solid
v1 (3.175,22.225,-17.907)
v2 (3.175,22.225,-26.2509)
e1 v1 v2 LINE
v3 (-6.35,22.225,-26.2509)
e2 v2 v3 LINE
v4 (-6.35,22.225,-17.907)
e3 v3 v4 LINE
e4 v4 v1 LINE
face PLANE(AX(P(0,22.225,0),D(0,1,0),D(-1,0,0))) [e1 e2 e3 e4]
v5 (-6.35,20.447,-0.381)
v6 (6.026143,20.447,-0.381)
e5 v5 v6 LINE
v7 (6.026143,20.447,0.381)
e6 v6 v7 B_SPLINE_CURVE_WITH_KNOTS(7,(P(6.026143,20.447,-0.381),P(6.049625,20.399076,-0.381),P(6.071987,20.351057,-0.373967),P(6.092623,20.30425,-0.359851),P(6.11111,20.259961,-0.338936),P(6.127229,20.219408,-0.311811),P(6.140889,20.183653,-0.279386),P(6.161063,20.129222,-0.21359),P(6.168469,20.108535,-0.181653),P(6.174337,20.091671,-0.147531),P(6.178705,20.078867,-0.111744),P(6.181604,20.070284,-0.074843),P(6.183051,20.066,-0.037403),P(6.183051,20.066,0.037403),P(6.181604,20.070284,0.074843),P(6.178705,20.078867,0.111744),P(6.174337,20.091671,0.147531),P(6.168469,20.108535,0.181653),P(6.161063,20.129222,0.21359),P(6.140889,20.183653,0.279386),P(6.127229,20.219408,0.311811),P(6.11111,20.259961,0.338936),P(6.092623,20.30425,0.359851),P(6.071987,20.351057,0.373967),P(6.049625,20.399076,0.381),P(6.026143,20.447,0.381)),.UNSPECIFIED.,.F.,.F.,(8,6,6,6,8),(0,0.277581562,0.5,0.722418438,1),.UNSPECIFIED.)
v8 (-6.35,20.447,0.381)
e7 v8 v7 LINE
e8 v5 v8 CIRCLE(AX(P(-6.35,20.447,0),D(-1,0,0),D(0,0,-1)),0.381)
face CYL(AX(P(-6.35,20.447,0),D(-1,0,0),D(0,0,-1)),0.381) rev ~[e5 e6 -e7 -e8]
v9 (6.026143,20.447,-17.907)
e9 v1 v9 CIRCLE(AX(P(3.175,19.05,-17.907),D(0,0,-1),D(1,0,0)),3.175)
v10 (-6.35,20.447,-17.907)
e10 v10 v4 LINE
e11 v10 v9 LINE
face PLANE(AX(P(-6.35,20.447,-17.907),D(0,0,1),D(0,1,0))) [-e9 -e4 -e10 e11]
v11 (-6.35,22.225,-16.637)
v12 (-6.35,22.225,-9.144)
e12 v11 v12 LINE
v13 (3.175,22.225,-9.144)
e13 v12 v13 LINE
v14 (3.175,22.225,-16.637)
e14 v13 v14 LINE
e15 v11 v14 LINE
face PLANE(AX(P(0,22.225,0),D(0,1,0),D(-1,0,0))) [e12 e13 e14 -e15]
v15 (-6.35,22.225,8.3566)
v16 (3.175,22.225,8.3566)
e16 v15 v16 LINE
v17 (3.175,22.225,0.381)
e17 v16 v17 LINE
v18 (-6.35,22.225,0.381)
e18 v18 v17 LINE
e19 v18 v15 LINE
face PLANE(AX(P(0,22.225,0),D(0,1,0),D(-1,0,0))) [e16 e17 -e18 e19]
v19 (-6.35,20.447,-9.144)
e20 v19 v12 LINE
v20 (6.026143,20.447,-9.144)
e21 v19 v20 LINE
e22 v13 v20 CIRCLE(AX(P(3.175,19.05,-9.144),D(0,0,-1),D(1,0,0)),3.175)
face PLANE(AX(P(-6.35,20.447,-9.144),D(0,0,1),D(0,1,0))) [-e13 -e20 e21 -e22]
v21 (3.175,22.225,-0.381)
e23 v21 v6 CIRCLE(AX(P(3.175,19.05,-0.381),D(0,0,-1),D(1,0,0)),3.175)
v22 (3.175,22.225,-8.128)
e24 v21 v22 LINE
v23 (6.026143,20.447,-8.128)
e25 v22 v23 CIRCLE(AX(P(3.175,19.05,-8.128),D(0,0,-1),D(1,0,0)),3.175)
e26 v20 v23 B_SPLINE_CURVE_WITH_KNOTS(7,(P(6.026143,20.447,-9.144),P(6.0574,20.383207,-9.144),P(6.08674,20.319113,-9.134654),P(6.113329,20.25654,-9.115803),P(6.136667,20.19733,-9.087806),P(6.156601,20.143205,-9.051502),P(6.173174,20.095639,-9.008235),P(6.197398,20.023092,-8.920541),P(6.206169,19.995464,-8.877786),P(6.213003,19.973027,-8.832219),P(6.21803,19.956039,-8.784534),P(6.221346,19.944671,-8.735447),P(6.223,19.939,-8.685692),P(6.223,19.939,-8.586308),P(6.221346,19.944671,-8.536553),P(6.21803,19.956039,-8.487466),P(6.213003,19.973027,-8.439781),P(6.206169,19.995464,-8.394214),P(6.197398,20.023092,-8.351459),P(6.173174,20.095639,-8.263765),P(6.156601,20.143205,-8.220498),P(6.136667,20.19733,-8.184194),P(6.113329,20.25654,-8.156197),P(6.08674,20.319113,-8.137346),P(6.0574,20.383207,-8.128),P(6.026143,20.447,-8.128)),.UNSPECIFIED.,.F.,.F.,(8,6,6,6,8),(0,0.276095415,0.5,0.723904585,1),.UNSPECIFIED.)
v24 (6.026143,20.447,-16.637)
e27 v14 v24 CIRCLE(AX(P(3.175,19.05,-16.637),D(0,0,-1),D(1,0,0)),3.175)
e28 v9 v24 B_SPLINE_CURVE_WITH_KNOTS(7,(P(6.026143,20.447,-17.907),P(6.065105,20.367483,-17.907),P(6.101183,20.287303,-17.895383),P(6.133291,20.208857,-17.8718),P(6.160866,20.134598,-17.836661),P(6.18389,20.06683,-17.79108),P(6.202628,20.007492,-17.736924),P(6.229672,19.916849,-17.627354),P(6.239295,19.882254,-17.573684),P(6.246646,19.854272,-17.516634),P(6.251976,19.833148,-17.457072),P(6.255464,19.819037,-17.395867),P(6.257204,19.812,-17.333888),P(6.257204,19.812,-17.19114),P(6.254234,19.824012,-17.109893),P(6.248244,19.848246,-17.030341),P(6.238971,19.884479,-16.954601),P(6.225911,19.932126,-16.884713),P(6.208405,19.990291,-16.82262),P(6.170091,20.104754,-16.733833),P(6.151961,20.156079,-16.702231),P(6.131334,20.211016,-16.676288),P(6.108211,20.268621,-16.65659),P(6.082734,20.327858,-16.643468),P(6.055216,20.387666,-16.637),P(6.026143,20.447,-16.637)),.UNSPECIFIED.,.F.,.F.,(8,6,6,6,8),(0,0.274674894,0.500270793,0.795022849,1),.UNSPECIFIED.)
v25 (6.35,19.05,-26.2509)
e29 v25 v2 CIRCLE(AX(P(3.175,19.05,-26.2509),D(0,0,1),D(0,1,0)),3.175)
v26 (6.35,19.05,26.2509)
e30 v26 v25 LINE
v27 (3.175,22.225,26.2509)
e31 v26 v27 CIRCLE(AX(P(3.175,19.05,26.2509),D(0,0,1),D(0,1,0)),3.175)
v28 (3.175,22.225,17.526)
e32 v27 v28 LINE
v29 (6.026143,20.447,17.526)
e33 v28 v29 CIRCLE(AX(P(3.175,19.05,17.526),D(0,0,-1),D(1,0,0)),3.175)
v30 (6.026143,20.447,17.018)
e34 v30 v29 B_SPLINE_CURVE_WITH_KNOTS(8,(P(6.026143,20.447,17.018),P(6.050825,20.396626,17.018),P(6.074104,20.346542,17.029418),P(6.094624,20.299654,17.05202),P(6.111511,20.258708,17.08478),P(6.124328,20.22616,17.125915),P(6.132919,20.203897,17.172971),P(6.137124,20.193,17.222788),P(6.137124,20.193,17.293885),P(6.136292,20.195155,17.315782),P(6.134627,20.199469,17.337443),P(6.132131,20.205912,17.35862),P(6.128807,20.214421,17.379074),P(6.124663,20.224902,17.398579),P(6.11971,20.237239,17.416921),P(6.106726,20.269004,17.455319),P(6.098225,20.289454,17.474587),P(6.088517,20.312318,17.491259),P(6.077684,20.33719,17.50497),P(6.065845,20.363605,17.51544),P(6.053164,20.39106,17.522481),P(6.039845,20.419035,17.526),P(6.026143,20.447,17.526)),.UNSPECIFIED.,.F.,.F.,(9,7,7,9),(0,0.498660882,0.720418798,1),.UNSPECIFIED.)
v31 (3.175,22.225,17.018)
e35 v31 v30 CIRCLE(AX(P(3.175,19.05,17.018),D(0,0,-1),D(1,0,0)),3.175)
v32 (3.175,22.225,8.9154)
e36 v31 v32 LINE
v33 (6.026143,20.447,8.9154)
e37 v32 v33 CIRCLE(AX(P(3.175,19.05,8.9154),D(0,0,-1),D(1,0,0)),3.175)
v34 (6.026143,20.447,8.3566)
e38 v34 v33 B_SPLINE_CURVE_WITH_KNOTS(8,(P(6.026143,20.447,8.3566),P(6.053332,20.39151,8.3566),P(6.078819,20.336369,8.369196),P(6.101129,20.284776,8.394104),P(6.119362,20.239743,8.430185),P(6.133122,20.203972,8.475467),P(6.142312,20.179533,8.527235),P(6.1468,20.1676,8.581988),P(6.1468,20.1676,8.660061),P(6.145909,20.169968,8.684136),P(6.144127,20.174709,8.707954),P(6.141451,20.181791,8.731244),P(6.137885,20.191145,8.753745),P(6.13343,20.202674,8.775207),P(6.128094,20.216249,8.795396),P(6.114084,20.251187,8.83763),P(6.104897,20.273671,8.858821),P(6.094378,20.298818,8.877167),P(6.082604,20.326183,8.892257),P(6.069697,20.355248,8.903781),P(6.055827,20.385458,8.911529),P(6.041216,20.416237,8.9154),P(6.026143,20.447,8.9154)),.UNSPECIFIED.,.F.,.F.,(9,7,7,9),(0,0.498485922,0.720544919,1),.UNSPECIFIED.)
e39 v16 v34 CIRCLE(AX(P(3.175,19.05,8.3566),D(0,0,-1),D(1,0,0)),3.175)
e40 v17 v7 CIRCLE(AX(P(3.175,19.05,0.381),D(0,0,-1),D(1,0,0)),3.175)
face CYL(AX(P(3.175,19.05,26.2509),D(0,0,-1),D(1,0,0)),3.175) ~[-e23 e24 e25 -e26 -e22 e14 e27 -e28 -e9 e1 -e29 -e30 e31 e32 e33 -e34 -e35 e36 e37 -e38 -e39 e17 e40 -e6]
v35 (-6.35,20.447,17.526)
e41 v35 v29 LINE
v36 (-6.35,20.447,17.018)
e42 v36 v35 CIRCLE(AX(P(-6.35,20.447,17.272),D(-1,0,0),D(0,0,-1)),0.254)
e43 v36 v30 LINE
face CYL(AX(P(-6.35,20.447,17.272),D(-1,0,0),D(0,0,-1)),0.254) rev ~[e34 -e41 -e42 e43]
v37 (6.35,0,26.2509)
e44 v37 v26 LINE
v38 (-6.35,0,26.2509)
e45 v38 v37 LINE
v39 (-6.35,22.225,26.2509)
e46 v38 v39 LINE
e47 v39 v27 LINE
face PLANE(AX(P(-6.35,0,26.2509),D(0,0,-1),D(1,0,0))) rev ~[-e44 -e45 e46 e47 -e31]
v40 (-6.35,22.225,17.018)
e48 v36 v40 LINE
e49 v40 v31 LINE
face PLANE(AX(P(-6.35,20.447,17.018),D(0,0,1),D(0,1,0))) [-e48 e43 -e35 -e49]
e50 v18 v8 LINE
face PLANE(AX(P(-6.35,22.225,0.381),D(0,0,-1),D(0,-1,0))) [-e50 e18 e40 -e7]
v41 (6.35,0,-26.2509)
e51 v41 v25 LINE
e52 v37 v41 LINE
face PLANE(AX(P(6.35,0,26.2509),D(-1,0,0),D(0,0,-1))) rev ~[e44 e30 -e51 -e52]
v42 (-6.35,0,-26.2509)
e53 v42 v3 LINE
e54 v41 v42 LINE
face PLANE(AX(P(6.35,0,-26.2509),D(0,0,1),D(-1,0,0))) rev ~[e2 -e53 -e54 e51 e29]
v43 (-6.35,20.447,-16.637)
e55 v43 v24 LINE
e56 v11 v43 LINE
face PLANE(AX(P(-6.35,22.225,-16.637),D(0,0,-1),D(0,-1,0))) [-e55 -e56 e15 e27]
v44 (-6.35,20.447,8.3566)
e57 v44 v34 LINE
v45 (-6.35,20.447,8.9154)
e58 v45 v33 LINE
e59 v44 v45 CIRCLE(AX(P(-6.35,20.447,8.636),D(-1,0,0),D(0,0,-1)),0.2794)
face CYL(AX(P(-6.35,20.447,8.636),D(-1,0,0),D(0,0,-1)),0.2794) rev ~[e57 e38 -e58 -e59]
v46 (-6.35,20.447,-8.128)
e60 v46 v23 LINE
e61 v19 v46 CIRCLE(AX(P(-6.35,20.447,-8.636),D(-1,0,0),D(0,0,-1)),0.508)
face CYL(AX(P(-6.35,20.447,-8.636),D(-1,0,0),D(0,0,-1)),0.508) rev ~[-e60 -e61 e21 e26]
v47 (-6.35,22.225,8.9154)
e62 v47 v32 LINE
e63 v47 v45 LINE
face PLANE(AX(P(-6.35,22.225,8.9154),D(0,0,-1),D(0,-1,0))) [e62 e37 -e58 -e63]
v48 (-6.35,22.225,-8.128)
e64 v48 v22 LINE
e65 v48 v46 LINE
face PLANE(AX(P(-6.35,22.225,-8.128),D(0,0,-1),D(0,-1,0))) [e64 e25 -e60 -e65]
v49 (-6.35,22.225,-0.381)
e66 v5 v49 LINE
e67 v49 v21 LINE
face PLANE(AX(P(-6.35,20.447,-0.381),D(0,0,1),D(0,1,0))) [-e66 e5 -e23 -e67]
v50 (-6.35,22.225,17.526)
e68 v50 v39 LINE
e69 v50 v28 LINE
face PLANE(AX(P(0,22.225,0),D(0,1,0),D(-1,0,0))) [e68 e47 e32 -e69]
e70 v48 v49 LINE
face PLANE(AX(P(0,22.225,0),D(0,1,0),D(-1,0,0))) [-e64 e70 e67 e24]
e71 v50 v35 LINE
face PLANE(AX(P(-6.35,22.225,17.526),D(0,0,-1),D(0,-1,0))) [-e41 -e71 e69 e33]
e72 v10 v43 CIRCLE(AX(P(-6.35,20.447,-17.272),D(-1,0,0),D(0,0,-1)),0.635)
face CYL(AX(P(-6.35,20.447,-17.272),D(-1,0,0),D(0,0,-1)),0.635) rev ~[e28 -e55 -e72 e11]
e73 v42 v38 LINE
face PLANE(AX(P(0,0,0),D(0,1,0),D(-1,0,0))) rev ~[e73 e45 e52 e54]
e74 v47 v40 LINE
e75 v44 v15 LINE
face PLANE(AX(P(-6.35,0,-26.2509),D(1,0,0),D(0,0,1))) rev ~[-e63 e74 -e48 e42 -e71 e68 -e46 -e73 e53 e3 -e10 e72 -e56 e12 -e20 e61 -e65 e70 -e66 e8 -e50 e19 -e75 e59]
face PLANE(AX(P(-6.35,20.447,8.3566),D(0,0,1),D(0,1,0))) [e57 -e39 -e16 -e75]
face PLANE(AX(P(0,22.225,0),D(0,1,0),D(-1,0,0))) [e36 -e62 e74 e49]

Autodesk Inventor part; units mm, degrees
ref_plane "YZ Plane" through (0, 0, 0) normal (1, 0, 0) x (0, 1, 0)
ref_plane "XZ Plane" through (0, 0, 0) normal (0, 1, 0) x (-1, 0, 0)
ref_plane "XY Plane" through (0, 0, 0) normal (0, 0, 1) x (1, 0, 0)
sketch "Sketch1" plane through (0, 0, 0) normal (0, 1, 0) x (-1, 0, 0)
  line L0 (6.35, 26.2509) -> (-6.35, 26.2509)
  line L1 (-6.35, 26.2509) -> (-6.35, -26.2509)
  line L2 (-6.35, -26.2509) -> (6.35, -26.2509)
  line L3 (6.35, -26.2509) -> (6.35, 26.2509)
  point P0 (0, 0)
  dimension "d0" = 6.35
  dimension "d1" = 12.7
  dimension "d2" = 52.5018
  dimension "d3" = 26.2509
extrude "Extrusion1" add sketch "Sketch1" along normal blind 22.225
fillet "Fillet1" radius 3.175 1 edges at (6.35, 22.225, 0)
sketch "Sketch2" plane through (-6.35, 0, -26.2509) normal (-1, 0, 0) x (0, 0, 1)
  line L0 (52.5018, 19.05) -> (0, 19.05) projected
  line L1 (0, 0) -> (0, 22.225) projected
  line L2 (52.5018, 0) -> (52.5018, 22.225) projected
  line L3 (8.3439, 22.225) -> (9.6139, 22.225)
  line L4 (9.6139, 22.225) -> (9.6139, 20.447)
  line L5 (9.6139, 20.447) -> (8.3439, 20.447)
  line L6 (8.3439, 20.447) -> (8.3439, 22.225)
  line L7 (17.1069, 22.225) -> (18.1229, 22.225)
  line L8 (18.1229, 22.225) -> (18.1229, 20.447)
  line L9 (18.1229, 20.447) -> (17.1069, 20.447)
  line L10 (17.1069, 20.447) -> (17.1069, 22.225)
  line L11 (25.8699, 22.225) -> (26.6319, 22.225)
  line L12 (26.6319, 22.225) -> (26.6319, 20.447)
  line L13 (26.6319, 20.447) -> (25.8699, 20.447)
  line L14 (25.8699, 20.447) -> (25.8699, 22.225)
  line L15 (34.6075, 22.225) -> (35.1663, 22.225)
  line L16 (35.1663, 22.225) -> (35.1663, 20.447)
  line L17 (35.1663, 20.447) -> (34.6075, 20.447)
  line L18 (34.6075, 20.447) -> (34.6075, 22.225)
  line L19 (43.2689, 22.225) -> (43.7769, 22.225)
  line L20 (43.7769, 22.225) -> (43.7769, 20.447)
  line L21 (43.7769, 20.447) -> (43.2689, 20.447)
  line L22 (43.2689, 20.447) -> (43.2689, 22.225)
  line L23 (8.9789, 20.447) -> (17.6149, 20.447) construction
  line L24 (17.6149, 20.447) -> (26.2509, 20.447) construction
  line L25 (26.2509, 20.447) -> (34.8869, 20.447) construction
  line L26 (34.8869, 20.447) -> (43.5229, 20.447) construction
  arc A0 (8.3439, 20.447) -> (9.6139, 20.447) centre (8.9789, 20.447) ccw
  arc A1 (17.1069, 20.447) -> (18.1229, 20.447) centre (17.6149, 20.447) ccw
  arc A2 (25.8699, 20.447) -> (26.6319, 20.447) centre (26.2509, 20.447) ccw
  arc A3 (34.6075, 20.447) -> (35.1663, 20.447) centre (34.8869, 20.447) ccw
  arc A4 (43.2689, 20.447) -> (43.7769, 20.447) centre (43.5229, 20.447) ccw
  line L27 (34.6075, 22.225) -> (35.1663, 22.225)
  line L28 (43.2689, 22.225) -> (43.7769, 22.225)
  line L29 (25.8699, 22.225) -> (26.6319, 22.225)
  line L30 (8.3439, 22.225) -> (9.6139, 22.225)
  line L31 (17.1069, 22.225) -> (18.1229, 22.225)
  line L32 (0, 22.225) -> (52.5018, 22.225) projected
  line L33 (8.9789, 20.447) -> (0, 20.447) construction
  line L34 (43.5229, 20.447) -> (52.5018, 20.447) construction
  point P0 (26.2509, 0)
  dimension "d20" = 1.27
  dimension "d21" = 1.016
  dimension "d22" = 0.762
  dimension "d23" = 0.508
  dimension "d24" = 0.5588
  dimension "d25" = 1.778
  dimension "d26" = 8.636
extrude "Extrusion4" cut sketch "Sketch2" against normal blind 25.4 contours L20 L21 L22 L19 | L3 L4 L5 L6 | A4 L21 | L5 A0 | L16 L17 L18 L15 | L7 L8 L9 L10 | A3 L17 | L9 A1 | L12 L13 L14 L11 | A2 L13
equation "\"d0\" = 0.5 * d1"
equation "\"d3\" = 0.5 * d2"
properties part number "Nut0" material "LCP Plastic"
